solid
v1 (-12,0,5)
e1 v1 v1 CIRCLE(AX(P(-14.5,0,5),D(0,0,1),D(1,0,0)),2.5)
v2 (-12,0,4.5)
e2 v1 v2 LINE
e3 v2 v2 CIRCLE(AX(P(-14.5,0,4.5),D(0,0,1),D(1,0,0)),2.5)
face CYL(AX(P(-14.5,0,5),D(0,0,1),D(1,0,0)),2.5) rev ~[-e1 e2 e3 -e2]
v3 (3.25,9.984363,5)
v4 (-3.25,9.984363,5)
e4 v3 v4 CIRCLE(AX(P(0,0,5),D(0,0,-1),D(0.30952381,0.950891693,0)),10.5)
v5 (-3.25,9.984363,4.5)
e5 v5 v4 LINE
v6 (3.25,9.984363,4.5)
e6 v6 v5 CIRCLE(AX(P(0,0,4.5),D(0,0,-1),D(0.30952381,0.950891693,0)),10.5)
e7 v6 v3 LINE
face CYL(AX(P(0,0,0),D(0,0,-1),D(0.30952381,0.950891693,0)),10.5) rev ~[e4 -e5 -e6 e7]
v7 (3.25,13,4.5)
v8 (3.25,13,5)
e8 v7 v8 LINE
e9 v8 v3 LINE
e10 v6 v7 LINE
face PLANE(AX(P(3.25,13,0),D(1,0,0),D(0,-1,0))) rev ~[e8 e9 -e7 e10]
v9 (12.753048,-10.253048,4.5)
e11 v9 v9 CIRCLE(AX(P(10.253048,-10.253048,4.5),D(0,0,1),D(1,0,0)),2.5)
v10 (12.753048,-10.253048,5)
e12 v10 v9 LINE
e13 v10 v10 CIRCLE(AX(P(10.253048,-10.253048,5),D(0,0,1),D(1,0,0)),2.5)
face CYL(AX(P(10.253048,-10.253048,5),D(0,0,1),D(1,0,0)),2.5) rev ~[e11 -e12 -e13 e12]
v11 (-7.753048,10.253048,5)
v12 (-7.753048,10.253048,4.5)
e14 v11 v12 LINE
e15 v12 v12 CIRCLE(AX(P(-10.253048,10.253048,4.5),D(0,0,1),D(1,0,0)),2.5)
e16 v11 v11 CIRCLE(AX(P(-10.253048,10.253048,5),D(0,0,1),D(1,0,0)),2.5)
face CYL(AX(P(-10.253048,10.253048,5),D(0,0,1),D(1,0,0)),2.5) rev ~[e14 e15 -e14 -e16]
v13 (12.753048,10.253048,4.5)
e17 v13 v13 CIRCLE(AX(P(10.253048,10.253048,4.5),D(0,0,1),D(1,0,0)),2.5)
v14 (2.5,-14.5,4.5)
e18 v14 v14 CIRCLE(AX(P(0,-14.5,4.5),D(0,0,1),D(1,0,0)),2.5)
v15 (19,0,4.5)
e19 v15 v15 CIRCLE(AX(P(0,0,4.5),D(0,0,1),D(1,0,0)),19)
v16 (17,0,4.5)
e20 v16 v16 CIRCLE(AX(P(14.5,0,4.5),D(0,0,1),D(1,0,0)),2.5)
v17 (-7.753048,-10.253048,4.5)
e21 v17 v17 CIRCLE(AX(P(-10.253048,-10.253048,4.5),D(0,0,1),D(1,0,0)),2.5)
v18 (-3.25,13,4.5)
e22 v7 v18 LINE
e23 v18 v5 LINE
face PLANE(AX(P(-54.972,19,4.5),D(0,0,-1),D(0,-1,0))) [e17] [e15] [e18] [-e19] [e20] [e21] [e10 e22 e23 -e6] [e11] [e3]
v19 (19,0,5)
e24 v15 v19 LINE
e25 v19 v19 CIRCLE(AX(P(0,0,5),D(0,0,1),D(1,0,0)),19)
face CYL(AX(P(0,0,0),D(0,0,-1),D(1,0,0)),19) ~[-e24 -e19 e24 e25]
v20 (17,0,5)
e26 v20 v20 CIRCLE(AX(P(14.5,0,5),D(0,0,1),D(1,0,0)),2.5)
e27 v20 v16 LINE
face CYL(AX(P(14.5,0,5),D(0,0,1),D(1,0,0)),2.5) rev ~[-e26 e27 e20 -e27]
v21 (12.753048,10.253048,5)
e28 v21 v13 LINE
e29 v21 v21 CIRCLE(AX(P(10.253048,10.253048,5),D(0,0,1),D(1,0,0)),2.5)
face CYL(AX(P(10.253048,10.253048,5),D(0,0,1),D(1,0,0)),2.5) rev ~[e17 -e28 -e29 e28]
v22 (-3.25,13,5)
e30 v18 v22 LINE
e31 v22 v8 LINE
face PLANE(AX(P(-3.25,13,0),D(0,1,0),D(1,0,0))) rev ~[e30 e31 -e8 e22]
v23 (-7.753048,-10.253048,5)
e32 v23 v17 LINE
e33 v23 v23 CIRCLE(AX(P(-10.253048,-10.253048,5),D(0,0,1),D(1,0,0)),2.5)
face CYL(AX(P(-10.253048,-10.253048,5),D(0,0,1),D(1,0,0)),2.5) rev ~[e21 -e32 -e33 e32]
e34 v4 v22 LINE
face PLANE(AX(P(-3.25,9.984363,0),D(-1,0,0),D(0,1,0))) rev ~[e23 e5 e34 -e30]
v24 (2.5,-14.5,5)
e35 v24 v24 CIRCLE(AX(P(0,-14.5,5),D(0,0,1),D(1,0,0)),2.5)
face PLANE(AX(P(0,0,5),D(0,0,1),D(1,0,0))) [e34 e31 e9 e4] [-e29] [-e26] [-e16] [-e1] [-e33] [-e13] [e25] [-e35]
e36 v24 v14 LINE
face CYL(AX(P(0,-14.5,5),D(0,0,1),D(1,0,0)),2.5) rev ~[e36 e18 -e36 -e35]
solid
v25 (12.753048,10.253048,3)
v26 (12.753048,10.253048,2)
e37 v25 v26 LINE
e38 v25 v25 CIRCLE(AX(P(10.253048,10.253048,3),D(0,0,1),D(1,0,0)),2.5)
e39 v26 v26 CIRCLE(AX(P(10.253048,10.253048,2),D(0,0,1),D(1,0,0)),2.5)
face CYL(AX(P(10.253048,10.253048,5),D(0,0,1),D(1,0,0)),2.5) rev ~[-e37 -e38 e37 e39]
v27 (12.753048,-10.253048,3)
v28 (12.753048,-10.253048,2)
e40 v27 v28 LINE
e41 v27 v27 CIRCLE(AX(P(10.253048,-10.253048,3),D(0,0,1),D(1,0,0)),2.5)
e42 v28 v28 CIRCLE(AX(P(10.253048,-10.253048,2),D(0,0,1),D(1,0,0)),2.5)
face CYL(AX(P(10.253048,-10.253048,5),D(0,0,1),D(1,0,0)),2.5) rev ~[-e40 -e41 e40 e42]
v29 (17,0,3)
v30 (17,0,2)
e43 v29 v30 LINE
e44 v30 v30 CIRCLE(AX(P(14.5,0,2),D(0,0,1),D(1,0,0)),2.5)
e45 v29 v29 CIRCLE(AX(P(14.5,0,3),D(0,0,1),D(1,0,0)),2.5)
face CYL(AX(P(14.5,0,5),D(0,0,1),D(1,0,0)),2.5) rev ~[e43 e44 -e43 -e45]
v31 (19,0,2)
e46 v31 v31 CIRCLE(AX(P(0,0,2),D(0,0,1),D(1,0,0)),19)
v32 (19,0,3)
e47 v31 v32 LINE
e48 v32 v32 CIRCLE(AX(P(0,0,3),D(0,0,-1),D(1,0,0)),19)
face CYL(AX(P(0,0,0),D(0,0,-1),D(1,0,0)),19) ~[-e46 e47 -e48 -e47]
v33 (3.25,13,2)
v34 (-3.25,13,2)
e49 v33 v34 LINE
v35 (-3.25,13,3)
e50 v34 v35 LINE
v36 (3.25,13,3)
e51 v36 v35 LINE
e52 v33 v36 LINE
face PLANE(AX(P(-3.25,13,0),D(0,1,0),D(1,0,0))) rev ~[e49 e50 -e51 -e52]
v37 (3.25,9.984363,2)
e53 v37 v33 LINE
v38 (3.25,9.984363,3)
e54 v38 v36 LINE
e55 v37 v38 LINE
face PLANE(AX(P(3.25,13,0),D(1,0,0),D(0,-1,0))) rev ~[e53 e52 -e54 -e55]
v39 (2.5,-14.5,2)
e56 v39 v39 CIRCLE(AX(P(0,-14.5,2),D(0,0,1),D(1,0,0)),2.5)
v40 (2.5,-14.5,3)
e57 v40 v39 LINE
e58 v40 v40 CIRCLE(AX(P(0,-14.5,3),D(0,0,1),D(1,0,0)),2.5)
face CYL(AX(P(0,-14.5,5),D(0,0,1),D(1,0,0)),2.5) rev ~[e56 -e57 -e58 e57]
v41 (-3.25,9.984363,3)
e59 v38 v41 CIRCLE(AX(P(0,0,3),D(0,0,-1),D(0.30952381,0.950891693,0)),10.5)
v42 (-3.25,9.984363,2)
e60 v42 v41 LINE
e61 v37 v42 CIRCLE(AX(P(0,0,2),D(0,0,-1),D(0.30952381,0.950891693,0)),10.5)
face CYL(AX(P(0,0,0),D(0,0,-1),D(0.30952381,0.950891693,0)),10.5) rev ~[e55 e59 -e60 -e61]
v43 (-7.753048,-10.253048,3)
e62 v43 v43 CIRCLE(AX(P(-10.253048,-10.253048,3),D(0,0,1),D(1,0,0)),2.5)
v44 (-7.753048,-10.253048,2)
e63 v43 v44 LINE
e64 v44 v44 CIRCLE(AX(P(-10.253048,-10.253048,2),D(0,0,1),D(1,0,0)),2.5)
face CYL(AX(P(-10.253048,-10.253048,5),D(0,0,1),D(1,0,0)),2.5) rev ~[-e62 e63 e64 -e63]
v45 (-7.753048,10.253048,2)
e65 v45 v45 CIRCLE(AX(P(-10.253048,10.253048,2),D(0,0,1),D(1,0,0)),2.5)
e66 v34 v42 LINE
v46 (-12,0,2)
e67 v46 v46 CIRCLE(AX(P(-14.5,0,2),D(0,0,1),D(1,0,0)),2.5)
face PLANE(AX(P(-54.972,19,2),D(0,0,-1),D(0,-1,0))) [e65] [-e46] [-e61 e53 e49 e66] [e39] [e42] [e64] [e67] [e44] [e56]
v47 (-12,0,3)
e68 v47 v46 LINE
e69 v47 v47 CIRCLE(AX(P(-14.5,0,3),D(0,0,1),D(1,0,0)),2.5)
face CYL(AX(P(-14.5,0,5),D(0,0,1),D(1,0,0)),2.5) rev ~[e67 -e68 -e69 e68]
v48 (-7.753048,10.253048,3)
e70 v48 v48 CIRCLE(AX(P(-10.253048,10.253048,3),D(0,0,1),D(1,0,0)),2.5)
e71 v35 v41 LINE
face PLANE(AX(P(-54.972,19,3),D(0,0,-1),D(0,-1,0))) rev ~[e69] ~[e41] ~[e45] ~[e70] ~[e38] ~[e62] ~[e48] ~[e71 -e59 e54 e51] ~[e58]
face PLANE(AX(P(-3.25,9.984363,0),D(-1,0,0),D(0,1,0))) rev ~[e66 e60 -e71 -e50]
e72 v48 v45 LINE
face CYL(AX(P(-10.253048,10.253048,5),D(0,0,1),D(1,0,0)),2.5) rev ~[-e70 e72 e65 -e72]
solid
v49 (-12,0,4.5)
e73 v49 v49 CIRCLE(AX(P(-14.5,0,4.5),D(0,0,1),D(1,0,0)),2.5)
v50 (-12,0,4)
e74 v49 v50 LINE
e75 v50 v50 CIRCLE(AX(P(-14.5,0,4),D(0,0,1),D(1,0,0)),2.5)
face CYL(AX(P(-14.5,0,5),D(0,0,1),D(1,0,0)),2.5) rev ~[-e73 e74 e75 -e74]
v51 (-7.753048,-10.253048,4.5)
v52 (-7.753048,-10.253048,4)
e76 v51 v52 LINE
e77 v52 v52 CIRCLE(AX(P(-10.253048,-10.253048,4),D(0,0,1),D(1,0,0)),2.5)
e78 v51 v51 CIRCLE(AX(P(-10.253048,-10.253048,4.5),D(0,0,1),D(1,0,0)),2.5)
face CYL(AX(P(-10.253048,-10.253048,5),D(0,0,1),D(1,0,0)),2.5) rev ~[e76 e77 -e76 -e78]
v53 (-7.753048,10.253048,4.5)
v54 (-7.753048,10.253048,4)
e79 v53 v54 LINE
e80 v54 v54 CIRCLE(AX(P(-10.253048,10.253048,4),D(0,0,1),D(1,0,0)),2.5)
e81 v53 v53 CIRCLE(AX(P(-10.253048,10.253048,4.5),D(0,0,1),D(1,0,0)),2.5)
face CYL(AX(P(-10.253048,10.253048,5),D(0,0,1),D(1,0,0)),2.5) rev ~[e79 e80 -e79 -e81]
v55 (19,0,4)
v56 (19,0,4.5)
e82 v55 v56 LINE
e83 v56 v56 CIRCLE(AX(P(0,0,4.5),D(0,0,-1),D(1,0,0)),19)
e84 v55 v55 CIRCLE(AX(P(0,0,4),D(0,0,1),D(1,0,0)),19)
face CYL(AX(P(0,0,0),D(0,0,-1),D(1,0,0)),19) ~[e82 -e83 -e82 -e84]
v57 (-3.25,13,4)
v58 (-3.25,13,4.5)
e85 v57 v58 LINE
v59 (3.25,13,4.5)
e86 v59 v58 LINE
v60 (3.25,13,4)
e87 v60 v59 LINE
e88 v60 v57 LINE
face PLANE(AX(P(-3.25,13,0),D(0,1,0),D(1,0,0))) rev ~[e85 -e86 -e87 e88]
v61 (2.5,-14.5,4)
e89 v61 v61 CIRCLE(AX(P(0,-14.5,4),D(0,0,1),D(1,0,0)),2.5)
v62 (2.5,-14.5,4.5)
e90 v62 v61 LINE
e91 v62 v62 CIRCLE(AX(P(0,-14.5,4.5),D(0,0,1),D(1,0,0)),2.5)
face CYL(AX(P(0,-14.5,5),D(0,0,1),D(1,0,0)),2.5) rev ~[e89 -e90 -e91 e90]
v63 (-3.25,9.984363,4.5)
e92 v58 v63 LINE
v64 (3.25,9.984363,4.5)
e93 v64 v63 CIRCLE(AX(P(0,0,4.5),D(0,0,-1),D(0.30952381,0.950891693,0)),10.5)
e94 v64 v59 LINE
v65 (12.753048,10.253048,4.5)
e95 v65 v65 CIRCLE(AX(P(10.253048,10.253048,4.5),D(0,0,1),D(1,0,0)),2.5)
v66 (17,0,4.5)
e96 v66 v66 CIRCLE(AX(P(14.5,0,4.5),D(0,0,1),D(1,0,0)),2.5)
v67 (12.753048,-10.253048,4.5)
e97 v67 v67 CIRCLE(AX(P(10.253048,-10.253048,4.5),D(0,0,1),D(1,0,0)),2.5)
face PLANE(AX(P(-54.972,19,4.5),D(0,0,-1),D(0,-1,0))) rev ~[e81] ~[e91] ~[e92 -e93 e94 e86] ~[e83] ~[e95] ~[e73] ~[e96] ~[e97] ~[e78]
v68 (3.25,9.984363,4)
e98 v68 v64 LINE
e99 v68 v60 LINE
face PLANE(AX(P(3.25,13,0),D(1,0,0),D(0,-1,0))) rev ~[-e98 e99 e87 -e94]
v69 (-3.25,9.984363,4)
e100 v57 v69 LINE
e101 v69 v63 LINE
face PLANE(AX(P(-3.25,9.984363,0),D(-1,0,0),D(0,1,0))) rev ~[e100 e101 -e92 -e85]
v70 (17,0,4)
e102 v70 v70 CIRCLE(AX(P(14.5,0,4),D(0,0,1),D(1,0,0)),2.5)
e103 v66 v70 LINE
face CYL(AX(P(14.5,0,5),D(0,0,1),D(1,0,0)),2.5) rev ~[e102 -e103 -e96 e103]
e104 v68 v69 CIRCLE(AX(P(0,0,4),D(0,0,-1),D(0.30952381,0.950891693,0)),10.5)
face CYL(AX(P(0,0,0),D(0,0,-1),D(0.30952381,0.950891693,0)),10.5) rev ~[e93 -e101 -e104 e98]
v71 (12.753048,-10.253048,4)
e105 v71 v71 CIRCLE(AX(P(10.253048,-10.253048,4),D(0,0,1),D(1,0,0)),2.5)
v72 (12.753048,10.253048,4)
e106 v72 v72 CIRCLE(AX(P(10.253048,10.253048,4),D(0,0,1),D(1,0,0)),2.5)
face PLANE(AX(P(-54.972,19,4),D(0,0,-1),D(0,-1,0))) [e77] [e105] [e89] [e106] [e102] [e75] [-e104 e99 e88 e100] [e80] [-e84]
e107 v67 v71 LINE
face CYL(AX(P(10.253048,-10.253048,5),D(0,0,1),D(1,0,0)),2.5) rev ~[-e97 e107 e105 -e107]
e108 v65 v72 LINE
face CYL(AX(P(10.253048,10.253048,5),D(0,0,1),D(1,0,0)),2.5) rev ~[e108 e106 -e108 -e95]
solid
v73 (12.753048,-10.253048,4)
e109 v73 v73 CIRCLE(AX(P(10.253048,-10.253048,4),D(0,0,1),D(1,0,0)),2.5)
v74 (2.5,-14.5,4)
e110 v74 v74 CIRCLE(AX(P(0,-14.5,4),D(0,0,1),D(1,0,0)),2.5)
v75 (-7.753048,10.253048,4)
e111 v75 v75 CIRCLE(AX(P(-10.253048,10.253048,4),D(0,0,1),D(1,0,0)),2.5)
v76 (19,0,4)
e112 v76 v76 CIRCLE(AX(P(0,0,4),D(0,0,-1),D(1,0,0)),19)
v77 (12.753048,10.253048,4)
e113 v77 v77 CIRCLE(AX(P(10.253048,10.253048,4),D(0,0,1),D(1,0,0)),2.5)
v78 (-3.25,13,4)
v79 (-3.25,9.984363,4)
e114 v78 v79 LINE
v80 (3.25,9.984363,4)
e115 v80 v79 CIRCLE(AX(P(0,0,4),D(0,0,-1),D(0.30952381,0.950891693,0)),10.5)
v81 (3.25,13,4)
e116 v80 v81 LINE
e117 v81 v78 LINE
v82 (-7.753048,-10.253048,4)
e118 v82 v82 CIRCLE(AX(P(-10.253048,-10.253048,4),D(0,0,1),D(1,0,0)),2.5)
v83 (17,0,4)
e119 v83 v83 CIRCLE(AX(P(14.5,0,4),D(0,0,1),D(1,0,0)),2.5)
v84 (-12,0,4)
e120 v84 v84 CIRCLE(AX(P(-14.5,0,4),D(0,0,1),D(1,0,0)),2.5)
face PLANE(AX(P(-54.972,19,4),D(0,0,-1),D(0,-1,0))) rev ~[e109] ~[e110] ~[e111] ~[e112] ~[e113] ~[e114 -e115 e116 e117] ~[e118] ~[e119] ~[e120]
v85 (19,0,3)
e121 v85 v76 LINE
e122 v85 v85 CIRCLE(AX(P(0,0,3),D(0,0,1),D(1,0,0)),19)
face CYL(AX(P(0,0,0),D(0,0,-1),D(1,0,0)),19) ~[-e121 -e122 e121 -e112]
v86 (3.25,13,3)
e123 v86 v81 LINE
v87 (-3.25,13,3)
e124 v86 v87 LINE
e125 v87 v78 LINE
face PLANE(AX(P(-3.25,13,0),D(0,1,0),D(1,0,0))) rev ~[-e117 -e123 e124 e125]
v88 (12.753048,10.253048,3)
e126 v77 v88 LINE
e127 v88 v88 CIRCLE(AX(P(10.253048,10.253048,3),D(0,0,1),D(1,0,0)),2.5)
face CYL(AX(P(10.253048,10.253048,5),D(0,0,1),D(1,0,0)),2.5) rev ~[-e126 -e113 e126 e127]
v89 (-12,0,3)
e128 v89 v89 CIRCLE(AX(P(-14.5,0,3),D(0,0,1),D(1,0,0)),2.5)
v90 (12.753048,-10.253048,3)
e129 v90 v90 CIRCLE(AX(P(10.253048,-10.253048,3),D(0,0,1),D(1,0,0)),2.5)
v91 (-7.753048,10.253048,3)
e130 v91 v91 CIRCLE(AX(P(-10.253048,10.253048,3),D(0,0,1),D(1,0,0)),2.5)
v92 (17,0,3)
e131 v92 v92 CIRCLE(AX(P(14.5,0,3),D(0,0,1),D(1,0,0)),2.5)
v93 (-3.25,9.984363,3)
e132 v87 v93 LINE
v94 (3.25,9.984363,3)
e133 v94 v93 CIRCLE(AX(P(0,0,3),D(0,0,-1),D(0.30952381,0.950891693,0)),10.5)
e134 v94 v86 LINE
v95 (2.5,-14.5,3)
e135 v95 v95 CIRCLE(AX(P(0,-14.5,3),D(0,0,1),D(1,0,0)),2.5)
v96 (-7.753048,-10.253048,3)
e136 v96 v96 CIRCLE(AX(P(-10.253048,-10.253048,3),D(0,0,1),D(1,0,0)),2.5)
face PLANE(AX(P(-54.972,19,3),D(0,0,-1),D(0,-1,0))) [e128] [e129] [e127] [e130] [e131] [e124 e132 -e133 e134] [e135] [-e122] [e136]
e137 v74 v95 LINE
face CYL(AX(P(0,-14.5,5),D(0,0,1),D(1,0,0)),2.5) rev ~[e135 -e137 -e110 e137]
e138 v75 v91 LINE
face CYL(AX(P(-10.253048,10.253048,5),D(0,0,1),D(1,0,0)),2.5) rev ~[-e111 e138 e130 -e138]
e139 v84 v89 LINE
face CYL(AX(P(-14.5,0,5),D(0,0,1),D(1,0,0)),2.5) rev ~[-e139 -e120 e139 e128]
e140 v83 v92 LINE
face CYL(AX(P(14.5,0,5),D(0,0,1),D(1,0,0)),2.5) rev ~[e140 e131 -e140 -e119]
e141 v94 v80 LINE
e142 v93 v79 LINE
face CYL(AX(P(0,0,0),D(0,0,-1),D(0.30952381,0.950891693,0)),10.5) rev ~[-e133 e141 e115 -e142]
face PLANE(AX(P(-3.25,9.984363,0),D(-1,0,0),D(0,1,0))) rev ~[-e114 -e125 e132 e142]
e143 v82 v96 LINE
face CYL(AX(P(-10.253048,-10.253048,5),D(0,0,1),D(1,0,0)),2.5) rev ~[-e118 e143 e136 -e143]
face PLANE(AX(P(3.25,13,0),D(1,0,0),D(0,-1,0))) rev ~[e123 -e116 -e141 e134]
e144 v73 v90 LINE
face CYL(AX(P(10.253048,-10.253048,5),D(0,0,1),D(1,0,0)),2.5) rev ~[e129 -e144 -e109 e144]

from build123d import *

# Parameters (mm, degrees)
SKETCH_1_R                       = 19
EXTRUDE_1_DEPTH                  = 5
SKETCH_2_R                       = 2.5
CUT_EXTRUDE_2_DEPTH              = 28.331300737
SPLIT_BODIES_1_SURFACE_1_1_BACK  = 54.972
SPLIT_BODIES_1_SURFACE_1_1_DEPTH = 109.944
SPLIT_BODIES_1_SURFACE_1_2_BACK  = 54.972
SPLIT_BODIES_1_SURFACE_1_2_DEPTH = 109.944
SPLIT_BODIES_1_SURFACE_2_3_BACK  = 54.972
SPLIT_BODIES_1_SURFACE_2_3_DEPTH = 109.944
SPLIT_BODIES_1_SURFACE_2_4_BACK  = 54.972
SPLIT_BODIES_1_SURFACE_2_4_DEPTH = 109.944
SPLIT_BODIES_1_SURFACE_3_5_BACK  = 54.972
SPLIT_BODIES_1_SURFACE_3_5_DEPTH = 109.944
SPLIT_BODIES_1_SURFACE_3_6_BACK  = 54.972
SPLIT_BODIES_1_SURFACE_3_6_DEPTH = 109.944
SPLIT_BODIES_1_SURFACE_4_7_BACK  = 54.972
SPLIT_BODIES_1_SURFACE_4_7_DEPTH = 109.944
SPLIT_BODIES_1_SURFACE_4_8_BACK  = 54.972
SPLIT_BODIES_1_SURFACE_4_8_DEPTH = 109.944


with BuildPart() as part:
    # Эскиз1 → Вытянуть1 (new body)
    with BuildSketch(Plane.XY):
        Circle(SKETCH_1_R)
        with BuildLine():
            Line((-3.25, 13), (3.25, 13))
            Line((3.25, 13), (3.25, 9.984362774))
            ThreePointArc((3.25, 9.984362774), (0, -10.5), (-3.25, 9.984362774))
            Line((-3.25, 9.984362774), (-3.25, 13))
        make_face(mode=Mode.SUBTRACT)
    extrude(amount=EXTRUDE_1_DEPTH)

    # Эскиз2 → Вытянуть2 (cut, through all)
    with BuildSketch(Plane.XY.offset(5)):
        with Locations((10.253048327, 10.253048327)):
            Circle(SKETCH_2_R)
        with Locations((14.5, 0)):
            Circle(SKETCH_2_R)
        with Locations((10.253048327, -10.253048327)):
            Circle(SKETCH_2_R)
        with Locations((0, -14.5)):
            Circle(SKETCH_2_R)
        with Locations((-10.253048327, -10.253048327)):
            Circle(SKETCH_2_R)
        with Locations((-14.5, 0)):
            Circle(SKETCH_2_R)
        with Locations((-10.253048327, 10.253048327)):
            Circle(SKETCH_2_R)
    extrude(amount=-CUT_EXTRUDE_2_DEPTH, mode=Mode.SUBTRACT)


with BuildPart() as body_2:
    # Split Bodies 1: the piece behind the surface
    add(part.part)
    # Split Bodies 1 surface 1: a surface, the sketch's curves swept straight by 109.944 mm
    with BuildLine(Plane(origin=(0, 0, 0), x_dir=(0, 0, -1), z_dir=(1, 0, 0)).offset(-SPLIT_BODIES_1_SURFACE_1_1_BACK), mode=Mode.PRIVATE) as split_bodies_1_surface_1_1_path:
        Line((-4.5, 19), (-4.5, -19))
    split_bodies_1_surface_1_1 = Shell.extrude(split_bodies_1_surface_1_1_path.wire(), (1 * SPLIT_BODIES_1_SURFACE_1_1_DEPTH, 0 * SPLIT_BODIES_1_SURFACE_1_1_DEPTH, 0 * SPLIT_BODIES_1_SURFACE_1_1_DEPTH))
    split(bisect_by=split_bodies_1_surface_1_1, keep=Keep.BOTTOM)


with BuildPart() as part_1:
    add(part.part)

    # Split Bodies 1: split by a surface, the side it looks to stays
    # Split Bodies 1 surface 1: a surface, the sketch's curves swept straight by 109.944 mm
    with BuildLine(Plane(origin=(0, 0, 0), x_dir=(0, 0, -1), z_dir=(1, 0, 0)).offset(-SPLIT_BODIES_1_SURFACE_1_2_BACK), mode=Mode.PRIVATE) as split_bodies_1_surface_1_2_path:
        Line((-4.5, 19), (-4.5, -19))
    split_bodies_1_surface_1_2 = Shell.extrude(split_bodies_1_surface_1_2_path.wire(), (1 * SPLIT_BODIES_1_SURFACE_1_2_DEPTH, 0 * SPLIT_BODIES_1_SURFACE_1_2_DEPTH, 0 * SPLIT_BODIES_1_SURFACE_1_2_DEPTH))
    split(bisect_by=split_bodies_1_surface_1_2, keep=Keep.TOP)


with BuildPart() as body_3:
    # Split Bodies 1 2: the piece behind the surface
    add(part_1.part)
    # Split Bodies 1 surface 2: a surface, the sketch's curves swept straight by 109.944 mm
    with BuildLine(Plane(origin=(0, 0, 0), x_dir=(0, 0, -1), z_dir=(1, 0, 0)).offset(-SPLIT_BODIES_1_SURFACE_2_3_BACK), mode=Mode.PRIVATE) as split_bodies_1_surface_2_3_path:
        Line((-4, 19), (-4, -19))
    split_bodies_1_surface_2_3 = Shell.extrude(split_bodies_1_surface_2_3_path.wire(), (1 * SPLIT_BODIES_1_SURFACE_2_3_DEPTH, 0 * SPLIT_BODIES_1_SURFACE_2_3_DEPTH, 0 * SPLIT_BODIES_1_SURFACE_2_3_DEPTH))
    split(bisect_by=split_bodies_1_surface_2_3, keep=Keep.BOTTOM)


with BuildPart() as part_2:
    add(part_1.part)

    # Split Bodies 1 2: split by a surface, the side it looks to stays
    # Split Bodies 1 surface 2: a surface, the sketch's curves swept straight by 109.944 mm
    with BuildLine(Plane(origin=(0, 0, 0), x_dir=(0, 0, -1), z_dir=(1, 0, 0)).offset(-SPLIT_BODIES_1_SURFACE_2_4_BACK), mode=Mode.PRIVATE) as split_bodies_1_surface_2_4_path:
        Line((-4, 19), (-4, -19))
    split_bodies_1_surface_2_4 = Shell.extrude(split_bodies_1_surface_2_4_path.wire(), (1 * SPLIT_BODIES_1_SURFACE_2_4_DEPTH, 0 * SPLIT_BODIES_1_SURFACE_2_4_DEPTH, 0 * SPLIT_BODIES_1_SURFACE_2_4_DEPTH))
    split(bisect_by=split_bodies_1_surface_2_4, keep=Keep.TOP)


with BuildPart() as body_4_2:
    # Split Bodies 1 3: the piece behind the surface
    add(part_2.part)
    # Split Bodies 1 surface 3: a surface, the sketch's curves swept straight by 109.944 mm
    with BuildLine(Plane(origin=(0, 0, 0), x_dir=(0, 0, -1), z_dir=(1, 0, 0)).offset(-SPLIT_BODIES_1_SURFACE_3_5_BACK), mode=Mode.PRIVATE) as split_bodies_1_surface_3_5_path:
        Line((-3, 19), (-3, -19))
    split_bodies_1_surface_3_5 = Shell.extrude(split_bodies_1_surface_3_5_path.wire(), (1 * SPLIT_BODIES_1_SURFACE_3_5_DEPTH, 0 * SPLIT_BODIES_1_SURFACE_3_5_DEPTH, 0 * SPLIT_BODIES_1_SURFACE_3_5_DEPTH))
    split(bisect_by=split_bodies_1_surface_3_5, keep=Keep.BOTTOM)


with BuildPart() as part_3:
    add(part_2.part)

    # Split Bodies 1 3: split by a surface, the side it looks to stays
    # Split Bodies 1 surface 3: a surface, the sketch's curves swept straight by 109.944 mm
    with BuildLine(Plane(origin=(0, 0, 0), x_dir=(0, 0, -1), z_dir=(1, 0, 0)).offset(-SPLIT_BODIES_1_SURFACE_3_6_BACK), mode=Mode.PRIVATE) as split_bodies_1_surface_3_6_path:
        Line((-3, 19), (-3, -19))
    split_bodies_1_surface_3_6 = Shell.extrude(split_bodies_1_surface_3_6_path.wire(), (1 * SPLIT_BODIES_1_SURFACE_3_6_DEPTH, 0 * SPLIT_BODIES_1_SURFACE_3_6_DEPTH, 0 * SPLIT_BODIES_1_SURFACE_3_6_DEPTH))
    split(bisect_by=split_bodies_1_surface_3_6, keep=Keep.TOP)


with BuildPart() as body_5_2:
    # Split Bodies 1 4: the piece behind the surface
    add(part_3.part)
    # Split Bodies 1 surface 4: a surface, the sketch's curves swept straight by 109.944 mm
    with BuildLine(Plane(origin=(0, 0, 0), x_dir=(0, 0, -1), z_dir=(1, 0, 0)).offset(-SPLIT_BODIES_1_SURFACE_4_7_BACK), mode=Mode.PRIVATE) as split_bodies_1_surface_4_7_path:
        Line((-2, 19), (-2, -19))
    split_bodies_1_surface_4_7 = Shell.extrude(split_bodies_1_surface_4_7_path.wire(), (1 * SPLIT_BODIES_1_SURFACE_4_7_DEPTH, 0 * SPLIT_BODIES_1_SURFACE_4_7_DEPTH, 0 * SPLIT_BODIES_1_SURFACE_4_7_DEPTH))
    split(bisect_by=split_bodies_1_surface_4_7, keep=Keep.BOTTOM)


with BuildPart() as part_4:
    add(part_3.part)

    # Split Bodies 1 4: split by a surface, the side it looks to stays
    # Split Bodies 1 surface 4: a surface, the sketch's curves swept straight by 109.944 mm
    with BuildLine(Plane(origin=(0, 0, 0), x_dir=(0, 0, -1), z_dir=(1, 0, 0)).offset(-SPLIT_BODIES_1_SURFACE_4_8_BACK), mode=Mode.PRIVATE) as split_bodies_1_surface_4_8_path:
        Line((-2, 19), (-2, -19))
    split_bodies_1_surface_4_8 = Shell.extrude(split_bodies_1_surface_4_8_path.wire(), (1 * SPLIT_BODIES_1_SURFACE_4_8_DEPTH, 0 * SPLIT_BODIES_1_SURFACE_4_8_DEPTH, 0 * SPLIT_BODIES_1_SURFACE_4_8_DEPTH))
    split(bisect_by=split_bodies_1_surface_4_8, keep=Keep.TOP)


solid = Compound([body_2.part, body_3.part, body_4_2.part, body_5_2.part])
